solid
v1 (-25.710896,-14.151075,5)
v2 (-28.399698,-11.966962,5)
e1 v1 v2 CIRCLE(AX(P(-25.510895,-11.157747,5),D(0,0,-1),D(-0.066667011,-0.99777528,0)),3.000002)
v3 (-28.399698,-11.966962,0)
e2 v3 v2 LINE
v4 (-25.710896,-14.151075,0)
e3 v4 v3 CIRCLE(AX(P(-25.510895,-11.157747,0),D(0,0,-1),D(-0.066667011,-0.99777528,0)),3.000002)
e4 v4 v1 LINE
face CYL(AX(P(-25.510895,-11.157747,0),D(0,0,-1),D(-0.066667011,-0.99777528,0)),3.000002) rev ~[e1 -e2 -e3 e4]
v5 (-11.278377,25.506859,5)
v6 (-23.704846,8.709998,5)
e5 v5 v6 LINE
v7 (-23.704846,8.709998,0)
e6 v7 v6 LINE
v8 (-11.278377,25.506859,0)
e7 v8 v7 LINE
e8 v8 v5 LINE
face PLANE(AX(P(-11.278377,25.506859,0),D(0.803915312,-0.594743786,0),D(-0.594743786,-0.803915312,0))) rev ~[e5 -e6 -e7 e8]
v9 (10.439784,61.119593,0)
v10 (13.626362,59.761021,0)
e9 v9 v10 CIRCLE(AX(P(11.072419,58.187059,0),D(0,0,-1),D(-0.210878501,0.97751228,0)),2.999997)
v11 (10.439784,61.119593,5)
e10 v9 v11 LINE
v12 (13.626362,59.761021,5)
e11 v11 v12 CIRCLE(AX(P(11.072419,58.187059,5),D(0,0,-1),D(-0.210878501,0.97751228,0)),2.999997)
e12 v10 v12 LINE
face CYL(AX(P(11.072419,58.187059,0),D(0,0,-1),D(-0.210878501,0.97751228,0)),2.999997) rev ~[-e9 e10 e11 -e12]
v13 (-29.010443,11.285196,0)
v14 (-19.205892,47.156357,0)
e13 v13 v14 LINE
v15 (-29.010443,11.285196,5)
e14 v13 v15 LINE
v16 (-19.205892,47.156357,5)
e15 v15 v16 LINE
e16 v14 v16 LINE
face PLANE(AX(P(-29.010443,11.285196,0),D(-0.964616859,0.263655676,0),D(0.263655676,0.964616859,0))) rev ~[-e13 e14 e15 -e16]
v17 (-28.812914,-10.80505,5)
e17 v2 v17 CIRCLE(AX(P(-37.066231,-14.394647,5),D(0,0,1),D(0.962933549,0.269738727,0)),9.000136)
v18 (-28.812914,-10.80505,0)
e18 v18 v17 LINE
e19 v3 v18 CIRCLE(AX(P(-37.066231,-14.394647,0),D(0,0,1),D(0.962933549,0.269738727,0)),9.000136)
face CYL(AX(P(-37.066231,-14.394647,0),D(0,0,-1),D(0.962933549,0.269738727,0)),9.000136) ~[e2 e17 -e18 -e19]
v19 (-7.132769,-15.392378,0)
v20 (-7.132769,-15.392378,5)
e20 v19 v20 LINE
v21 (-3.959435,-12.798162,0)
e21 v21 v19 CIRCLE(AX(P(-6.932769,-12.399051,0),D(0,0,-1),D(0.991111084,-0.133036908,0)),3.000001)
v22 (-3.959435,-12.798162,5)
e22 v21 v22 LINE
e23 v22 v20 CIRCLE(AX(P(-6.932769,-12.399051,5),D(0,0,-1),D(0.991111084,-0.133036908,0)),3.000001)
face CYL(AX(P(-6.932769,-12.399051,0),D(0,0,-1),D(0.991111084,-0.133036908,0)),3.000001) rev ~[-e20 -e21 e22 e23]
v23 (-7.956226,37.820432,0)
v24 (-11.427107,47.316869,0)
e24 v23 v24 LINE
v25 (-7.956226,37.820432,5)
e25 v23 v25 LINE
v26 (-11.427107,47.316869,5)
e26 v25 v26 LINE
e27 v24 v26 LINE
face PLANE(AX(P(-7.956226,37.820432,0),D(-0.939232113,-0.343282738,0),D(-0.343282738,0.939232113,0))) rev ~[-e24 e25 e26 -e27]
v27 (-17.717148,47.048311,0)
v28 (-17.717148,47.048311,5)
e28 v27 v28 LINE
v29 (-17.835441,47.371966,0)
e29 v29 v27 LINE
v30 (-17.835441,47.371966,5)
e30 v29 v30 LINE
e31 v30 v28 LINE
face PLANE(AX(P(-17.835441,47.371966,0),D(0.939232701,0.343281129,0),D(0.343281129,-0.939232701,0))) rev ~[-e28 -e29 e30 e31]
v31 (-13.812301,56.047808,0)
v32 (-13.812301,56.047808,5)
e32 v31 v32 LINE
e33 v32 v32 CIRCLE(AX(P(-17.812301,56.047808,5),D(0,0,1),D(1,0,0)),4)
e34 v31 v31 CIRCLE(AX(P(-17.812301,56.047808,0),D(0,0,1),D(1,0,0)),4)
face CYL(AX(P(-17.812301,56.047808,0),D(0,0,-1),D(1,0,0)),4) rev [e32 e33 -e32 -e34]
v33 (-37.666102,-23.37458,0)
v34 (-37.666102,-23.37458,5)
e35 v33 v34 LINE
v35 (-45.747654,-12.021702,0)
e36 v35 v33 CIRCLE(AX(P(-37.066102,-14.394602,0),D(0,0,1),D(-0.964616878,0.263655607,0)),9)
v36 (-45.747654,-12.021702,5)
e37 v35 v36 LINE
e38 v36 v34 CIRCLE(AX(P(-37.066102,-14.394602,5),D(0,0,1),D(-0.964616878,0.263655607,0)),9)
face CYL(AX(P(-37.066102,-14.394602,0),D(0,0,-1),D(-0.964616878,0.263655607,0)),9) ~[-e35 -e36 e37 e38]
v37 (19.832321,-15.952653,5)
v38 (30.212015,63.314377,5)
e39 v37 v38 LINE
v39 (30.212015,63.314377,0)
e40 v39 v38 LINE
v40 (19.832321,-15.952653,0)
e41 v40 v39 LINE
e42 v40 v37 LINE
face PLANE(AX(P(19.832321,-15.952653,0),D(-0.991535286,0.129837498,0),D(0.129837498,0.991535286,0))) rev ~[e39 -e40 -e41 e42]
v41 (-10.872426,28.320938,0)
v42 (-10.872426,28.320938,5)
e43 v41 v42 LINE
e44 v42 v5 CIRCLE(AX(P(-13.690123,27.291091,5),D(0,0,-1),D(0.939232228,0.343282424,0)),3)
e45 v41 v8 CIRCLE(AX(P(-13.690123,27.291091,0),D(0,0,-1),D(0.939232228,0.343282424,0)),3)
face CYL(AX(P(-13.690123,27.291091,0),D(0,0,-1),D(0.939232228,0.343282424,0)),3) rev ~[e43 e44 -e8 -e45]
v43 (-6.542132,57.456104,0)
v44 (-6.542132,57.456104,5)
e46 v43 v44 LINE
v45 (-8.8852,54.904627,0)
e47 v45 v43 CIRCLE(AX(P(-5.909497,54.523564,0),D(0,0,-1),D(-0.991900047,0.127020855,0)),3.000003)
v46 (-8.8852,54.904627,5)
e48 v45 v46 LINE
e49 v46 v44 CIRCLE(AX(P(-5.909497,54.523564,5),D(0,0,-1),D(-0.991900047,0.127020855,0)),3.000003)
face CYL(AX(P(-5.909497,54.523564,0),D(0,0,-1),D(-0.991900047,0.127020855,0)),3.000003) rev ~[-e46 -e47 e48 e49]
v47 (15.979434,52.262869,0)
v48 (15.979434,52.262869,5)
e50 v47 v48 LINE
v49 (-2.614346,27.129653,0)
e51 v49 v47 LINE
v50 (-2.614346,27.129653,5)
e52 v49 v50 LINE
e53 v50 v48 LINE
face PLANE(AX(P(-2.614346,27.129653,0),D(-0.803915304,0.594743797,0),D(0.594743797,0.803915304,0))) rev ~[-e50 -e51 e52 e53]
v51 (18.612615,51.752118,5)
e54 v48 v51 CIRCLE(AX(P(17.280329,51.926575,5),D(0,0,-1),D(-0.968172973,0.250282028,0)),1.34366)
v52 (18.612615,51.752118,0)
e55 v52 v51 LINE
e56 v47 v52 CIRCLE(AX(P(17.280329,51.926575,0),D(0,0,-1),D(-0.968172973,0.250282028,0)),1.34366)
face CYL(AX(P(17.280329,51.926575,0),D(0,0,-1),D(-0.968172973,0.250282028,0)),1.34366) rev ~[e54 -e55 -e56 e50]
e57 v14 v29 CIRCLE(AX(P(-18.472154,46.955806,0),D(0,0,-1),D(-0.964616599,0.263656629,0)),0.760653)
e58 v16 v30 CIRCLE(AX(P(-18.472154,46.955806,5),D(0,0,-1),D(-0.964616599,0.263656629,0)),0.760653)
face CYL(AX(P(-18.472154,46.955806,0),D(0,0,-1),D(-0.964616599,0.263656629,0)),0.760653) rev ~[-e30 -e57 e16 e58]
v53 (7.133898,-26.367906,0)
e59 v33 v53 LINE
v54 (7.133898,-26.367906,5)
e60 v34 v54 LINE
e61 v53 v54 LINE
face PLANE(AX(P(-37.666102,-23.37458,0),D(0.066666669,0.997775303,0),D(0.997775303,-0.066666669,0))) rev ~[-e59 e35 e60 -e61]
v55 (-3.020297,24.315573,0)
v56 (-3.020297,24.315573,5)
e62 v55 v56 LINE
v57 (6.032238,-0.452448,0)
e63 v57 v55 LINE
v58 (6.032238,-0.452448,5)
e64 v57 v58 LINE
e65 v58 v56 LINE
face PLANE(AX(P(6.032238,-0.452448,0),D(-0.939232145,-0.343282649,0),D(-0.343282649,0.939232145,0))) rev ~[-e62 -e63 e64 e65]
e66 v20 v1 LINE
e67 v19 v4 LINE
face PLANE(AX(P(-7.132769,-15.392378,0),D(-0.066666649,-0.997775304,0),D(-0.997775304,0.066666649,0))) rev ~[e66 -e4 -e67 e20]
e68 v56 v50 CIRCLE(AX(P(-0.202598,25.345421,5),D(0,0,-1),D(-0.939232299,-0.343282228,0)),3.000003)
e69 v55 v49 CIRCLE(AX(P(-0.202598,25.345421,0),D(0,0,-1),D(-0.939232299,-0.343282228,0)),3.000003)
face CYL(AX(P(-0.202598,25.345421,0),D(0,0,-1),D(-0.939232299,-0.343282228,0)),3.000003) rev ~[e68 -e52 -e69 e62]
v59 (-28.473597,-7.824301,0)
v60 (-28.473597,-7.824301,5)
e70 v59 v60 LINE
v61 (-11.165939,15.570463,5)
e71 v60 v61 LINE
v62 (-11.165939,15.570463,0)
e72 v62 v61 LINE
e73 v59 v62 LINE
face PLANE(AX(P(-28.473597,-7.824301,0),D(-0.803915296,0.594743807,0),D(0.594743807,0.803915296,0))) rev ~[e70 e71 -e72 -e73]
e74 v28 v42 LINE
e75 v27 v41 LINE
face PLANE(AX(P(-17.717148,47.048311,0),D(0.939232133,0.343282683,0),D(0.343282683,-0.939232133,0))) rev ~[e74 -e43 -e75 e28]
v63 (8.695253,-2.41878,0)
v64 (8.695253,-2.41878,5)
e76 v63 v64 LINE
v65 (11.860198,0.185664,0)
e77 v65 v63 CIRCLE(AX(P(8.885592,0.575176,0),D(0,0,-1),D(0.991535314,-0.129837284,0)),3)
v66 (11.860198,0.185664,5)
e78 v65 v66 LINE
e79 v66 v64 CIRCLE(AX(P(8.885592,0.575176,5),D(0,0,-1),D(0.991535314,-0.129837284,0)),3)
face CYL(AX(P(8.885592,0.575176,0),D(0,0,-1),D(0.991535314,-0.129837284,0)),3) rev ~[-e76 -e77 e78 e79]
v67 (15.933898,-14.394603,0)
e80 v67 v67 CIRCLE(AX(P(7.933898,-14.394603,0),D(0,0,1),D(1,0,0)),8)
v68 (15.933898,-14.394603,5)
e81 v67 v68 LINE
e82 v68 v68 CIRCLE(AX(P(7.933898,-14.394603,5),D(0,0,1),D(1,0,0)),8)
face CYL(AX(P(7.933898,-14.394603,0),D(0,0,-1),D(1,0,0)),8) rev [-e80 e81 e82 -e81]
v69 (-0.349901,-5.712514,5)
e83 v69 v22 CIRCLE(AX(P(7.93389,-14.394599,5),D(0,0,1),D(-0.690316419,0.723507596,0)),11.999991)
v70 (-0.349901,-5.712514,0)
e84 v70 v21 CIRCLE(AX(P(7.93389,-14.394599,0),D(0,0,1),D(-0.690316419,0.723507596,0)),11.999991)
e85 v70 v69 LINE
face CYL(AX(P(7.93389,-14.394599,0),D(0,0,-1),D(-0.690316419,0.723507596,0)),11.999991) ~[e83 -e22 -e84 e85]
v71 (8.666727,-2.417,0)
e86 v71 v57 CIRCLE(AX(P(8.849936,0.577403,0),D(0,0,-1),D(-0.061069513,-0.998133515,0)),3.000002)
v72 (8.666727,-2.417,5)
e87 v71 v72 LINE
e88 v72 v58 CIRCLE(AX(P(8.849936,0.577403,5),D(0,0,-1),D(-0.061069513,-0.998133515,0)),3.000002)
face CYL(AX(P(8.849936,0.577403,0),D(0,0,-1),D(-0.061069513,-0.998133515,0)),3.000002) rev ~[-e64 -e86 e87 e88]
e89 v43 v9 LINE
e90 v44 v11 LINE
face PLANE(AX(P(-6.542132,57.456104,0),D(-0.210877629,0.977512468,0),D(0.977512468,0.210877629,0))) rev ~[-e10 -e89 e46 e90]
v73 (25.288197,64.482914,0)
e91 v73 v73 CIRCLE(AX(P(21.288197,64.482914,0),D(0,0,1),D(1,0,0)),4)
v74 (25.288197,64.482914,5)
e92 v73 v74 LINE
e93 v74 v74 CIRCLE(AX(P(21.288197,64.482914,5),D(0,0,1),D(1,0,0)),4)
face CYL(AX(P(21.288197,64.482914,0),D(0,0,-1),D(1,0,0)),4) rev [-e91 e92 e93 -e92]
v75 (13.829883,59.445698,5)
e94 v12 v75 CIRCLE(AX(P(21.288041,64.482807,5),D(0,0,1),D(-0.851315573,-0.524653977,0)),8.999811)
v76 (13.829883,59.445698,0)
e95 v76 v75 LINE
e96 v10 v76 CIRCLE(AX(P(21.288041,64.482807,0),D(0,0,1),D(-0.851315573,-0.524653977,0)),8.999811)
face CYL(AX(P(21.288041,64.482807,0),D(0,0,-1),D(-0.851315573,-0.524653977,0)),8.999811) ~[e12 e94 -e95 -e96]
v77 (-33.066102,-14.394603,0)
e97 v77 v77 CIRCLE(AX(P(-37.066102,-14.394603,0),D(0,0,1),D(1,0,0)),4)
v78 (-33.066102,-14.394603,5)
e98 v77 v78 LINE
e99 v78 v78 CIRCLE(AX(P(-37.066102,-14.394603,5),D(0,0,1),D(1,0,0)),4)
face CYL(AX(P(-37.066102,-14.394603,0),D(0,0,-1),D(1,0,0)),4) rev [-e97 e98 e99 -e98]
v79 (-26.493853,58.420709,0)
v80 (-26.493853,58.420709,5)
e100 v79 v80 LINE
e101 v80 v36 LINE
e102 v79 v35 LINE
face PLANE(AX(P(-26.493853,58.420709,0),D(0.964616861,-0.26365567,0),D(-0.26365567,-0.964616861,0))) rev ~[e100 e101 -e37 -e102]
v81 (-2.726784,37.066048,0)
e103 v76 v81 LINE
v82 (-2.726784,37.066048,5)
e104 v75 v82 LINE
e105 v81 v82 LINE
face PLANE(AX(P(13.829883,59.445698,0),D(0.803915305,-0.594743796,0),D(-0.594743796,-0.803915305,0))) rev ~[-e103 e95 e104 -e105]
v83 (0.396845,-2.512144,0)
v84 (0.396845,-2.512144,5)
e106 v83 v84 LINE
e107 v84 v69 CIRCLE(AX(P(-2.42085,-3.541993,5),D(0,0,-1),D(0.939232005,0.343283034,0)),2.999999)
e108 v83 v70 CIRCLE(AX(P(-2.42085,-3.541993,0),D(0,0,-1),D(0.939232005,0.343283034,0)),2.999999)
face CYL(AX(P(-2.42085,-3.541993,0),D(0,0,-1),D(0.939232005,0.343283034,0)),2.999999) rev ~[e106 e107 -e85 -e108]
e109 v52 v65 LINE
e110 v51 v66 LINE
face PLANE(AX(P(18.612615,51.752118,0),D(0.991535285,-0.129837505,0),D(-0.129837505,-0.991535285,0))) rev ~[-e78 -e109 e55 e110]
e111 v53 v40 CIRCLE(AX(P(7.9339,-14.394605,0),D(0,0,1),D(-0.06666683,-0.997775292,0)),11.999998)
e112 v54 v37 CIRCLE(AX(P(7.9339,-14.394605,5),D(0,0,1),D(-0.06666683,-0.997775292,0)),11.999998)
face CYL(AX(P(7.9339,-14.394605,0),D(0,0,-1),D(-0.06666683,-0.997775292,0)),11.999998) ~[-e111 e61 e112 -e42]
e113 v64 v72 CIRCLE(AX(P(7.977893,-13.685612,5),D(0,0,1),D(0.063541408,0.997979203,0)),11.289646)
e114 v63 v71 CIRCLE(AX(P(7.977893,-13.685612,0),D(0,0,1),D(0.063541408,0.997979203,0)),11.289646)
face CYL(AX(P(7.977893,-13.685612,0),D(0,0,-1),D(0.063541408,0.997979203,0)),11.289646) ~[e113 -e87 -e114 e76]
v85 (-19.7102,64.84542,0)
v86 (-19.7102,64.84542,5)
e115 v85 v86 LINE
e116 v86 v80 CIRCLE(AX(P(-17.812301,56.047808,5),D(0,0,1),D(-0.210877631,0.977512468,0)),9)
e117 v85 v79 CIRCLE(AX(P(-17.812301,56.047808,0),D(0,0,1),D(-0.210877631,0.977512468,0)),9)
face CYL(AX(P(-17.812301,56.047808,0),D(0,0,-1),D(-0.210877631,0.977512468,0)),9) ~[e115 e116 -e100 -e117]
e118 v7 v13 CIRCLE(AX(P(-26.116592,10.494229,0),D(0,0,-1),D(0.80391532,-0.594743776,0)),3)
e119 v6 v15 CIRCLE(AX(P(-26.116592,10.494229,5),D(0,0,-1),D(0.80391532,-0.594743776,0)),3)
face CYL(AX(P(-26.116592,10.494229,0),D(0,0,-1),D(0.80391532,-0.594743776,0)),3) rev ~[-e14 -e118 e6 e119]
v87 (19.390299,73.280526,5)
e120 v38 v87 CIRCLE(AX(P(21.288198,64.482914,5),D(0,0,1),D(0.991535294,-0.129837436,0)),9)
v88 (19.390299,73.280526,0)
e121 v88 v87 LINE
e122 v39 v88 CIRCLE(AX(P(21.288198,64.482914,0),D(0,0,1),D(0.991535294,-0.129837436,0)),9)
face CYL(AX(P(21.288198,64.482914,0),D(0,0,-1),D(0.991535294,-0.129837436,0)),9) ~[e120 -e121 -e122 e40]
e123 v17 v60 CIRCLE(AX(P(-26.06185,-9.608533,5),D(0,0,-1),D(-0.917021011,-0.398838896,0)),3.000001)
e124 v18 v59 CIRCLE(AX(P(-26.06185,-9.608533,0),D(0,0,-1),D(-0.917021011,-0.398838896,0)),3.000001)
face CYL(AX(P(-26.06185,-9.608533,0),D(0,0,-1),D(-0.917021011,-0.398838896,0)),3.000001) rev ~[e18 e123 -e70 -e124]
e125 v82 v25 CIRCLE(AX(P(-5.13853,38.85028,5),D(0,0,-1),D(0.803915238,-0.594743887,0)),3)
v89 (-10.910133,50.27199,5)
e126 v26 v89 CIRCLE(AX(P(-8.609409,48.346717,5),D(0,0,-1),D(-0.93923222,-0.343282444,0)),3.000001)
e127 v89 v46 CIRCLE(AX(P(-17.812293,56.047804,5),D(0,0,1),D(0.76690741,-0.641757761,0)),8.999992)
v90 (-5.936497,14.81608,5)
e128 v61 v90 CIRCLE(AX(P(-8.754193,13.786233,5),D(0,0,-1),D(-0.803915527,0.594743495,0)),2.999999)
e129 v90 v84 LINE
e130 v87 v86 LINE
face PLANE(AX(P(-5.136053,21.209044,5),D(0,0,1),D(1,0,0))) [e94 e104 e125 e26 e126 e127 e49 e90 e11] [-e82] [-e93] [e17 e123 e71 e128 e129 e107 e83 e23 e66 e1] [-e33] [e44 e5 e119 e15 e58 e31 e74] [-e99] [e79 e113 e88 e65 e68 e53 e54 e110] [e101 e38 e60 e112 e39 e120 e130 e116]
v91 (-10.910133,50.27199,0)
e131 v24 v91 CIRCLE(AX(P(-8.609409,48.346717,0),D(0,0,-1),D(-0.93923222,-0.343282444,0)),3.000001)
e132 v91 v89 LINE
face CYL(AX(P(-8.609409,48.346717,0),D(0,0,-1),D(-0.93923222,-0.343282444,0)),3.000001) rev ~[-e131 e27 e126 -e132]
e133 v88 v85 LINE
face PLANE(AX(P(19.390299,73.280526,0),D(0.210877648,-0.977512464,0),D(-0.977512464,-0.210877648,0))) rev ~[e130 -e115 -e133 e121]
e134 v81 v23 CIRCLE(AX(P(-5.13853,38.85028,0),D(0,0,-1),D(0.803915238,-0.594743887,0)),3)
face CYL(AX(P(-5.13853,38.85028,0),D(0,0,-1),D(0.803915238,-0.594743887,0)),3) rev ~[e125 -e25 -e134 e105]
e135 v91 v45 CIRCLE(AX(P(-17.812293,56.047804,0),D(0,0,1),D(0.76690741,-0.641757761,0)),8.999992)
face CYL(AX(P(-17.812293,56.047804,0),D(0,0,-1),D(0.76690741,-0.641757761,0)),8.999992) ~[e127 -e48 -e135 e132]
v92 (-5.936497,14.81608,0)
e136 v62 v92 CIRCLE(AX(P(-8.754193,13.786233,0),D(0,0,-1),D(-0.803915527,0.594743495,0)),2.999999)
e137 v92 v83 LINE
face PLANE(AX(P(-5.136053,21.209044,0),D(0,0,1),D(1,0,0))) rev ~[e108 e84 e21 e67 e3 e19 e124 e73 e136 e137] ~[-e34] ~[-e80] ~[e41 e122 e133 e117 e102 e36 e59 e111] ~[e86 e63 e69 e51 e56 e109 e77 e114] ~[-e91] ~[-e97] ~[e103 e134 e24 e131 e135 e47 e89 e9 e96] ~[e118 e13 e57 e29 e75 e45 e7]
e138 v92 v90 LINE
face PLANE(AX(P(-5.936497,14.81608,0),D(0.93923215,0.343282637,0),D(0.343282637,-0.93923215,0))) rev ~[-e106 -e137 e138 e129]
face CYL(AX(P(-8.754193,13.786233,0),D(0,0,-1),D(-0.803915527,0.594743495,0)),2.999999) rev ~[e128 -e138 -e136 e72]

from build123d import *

# Parameters (mm, degrees)
F0_R     = 4
F0_R_2   = 8
F1_DEPTH = 5


with BuildPart() as f1:
    # F0 (on Top) → F1 (new body)
    with BuildSketch(Plane.XY):
        with BuildLine():
            Line((19.390299, 73.280526), (-19.7102, 64.84542))
            ThreePointArc((-19.7102, 64.84542), (-24.001035, 62.582299), (-26.493853, 58.420709))
            Line((-26.493853, 58.420709), (-45.747654, -12.021702))
            ThreePointArc((-45.747654, -12.021702), (-44.398139, -19.613916), (-37.666102, -23.37458))
            Line((-37.666102, -23.37458), (7.133898, -26.367906))
            ThreePointArc((7.133898, -26.367906), (15.543966, -23.672904), (19.832321, -15.952653))
            Line((19.832321, -15.952653), (30.212015, 63.314377))
            ThreePointArc((30.212015, 63.314377), (27.385075, 71.103192), (19.390299, 73.280526))
        make_face()
        with Locations((-37.066102, -14.394603)):
            Circle(F0_R, mode=Mode.SUBTRACT)
        with BuildLine():
            ThreePointArc((-25.710896, -14.151075), (-27.402393, -13.486319), (-28.399698, -11.966962))
            ThreePointArc((-28.399698, -11.966962), (-28.586382, -11.37892), (-28.812914, -10.80505))
            ThreePointArc((-28.812914, -10.80505), (-29.0426, -9.269216), (-28.473597, -7.824301))
            Line((-28.473597, -7.824301), (-11.165939, 15.570463))
            ThreePointArc((-11.165939, 15.570463), (-8.325856, 16.755496), (-5.936497, 14.81608))
            Line((-5.936497, 14.81608), (0.396845, -2.512144))
            ThreePointArc((0.396845, -2.512144), (0.500674, -4.223675), (-0.349901, -5.712514))
            ThreePointArc((-0.349901, -5.712514), (-2.758659, -8.947656), (-3.959435, -12.798162))
            ThreePointArc((-3.959435, -12.798162), (-5.033997, -14.721694), (-7.132769, -15.392378))
            Line((-7.132769, -15.392378), (-25.710896, -14.151075))
        make_face(mode=Mode.SUBTRACT)
        with Locations((7.933898, -14.394603)):
            Circle(F0_R_2, mode=Mode.SUBTRACT)
        with BuildLine():
            ThreePointArc((-23.704846, 8.709998), (-27.426561, 7.795344), (-29.010443, 11.285196))
            Line((-29.010443, 11.285196), (-19.205892, 47.156357))
            ThreePointArc((-19.205892, 47.156357), (-18.590371, 47.707216), (-17.835441, 47.371966))
            Line((-17.835441, 47.371966), (-17.717148, 47.048311))
            Line((-17.717148, 47.048311), (-10.872426, 28.320938))
            ThreePointArc((-10.872426, 28.320938), (-10.720859, 26.862753), (-11.278377, 25.506859))
            Line((-11.278377, 25.506859), (-23.704846, 8.709998))
        make_face(mode=Mode.SUBTRACT)
        with Locations((-17.812301, 56.047808)):
            Circle(F0_R, mode=Mode.SUBTRACT)
        with BuildLine():
            ThreePointArc((11.860198, 0.185664), (10.79185, -1.741326), (8.695253, -2.41878))
            ThreePointArc((8.695253, -2.41878), (8.680991, -2.417881), (8.666727, -2.417))
            ThreePointArc((8.666727, -2.417), (7.056552, -1.827548), (6.032238, -0.452448))
            Line((6.032238, -0.452448), (-3.020297, 24.315573))
            ThreePointArc((-3.020297, 24.315573), (-3.171864, 25.773758), (-2.614346, 27.129653))
            Line((-2.614346, 27.129653), (15.979434, 52.262869))
            ThreePointArc((15.979434, 52.262869), (17.536186, 53.24565), (18.612615, 51.752118))
            Line((18.612615, 51.752118), (11.860198, 0.185664))
        make_face(mode=Mode.SUBTRACT)
        with BuildLine():
            Line((-6.542132, 57.456104), (10.439784, 61.119593))
            ThreePointArc((10.439784, 61.119593), (12.248976, 60.946714), (13.626362, 59.761021))
            ThreePointArc((13.626362, 59.761021), (13.726479, 59.602298), (13.829883, 59.445698))
            Line((13.829883, 59.445698), (-2.726784, 37.066048))
            ThreePointArc((-2.726784, 37.066048), (-5.566867, 35.881016), (-7.956226, 37.820432))
            Line((-7.956226, 37.820432), (-11.427107, 47.316869))
            ThreePointArc((-11.427107, 47.316869), (-11.564531, 48.863691), (-10.910133, 50.27199))
            ThreePointArc((-10.910133, 50.27199), (-9.565679, 52.443196), (-8.8852, 54.904627))
            ThreePointArc((-8.8852, 54.904627), (-8.119143, 56.552722), (-6.542132, 57.456104))
        make_face(mode=Mode.SUBTRACT)
        with Locations((21.288197, 64.482914)):
            Circle(F0_R, mode=Mode.SUBTRACT)
    extrude(amount=F1_DEPTH)


solid = f1.part
